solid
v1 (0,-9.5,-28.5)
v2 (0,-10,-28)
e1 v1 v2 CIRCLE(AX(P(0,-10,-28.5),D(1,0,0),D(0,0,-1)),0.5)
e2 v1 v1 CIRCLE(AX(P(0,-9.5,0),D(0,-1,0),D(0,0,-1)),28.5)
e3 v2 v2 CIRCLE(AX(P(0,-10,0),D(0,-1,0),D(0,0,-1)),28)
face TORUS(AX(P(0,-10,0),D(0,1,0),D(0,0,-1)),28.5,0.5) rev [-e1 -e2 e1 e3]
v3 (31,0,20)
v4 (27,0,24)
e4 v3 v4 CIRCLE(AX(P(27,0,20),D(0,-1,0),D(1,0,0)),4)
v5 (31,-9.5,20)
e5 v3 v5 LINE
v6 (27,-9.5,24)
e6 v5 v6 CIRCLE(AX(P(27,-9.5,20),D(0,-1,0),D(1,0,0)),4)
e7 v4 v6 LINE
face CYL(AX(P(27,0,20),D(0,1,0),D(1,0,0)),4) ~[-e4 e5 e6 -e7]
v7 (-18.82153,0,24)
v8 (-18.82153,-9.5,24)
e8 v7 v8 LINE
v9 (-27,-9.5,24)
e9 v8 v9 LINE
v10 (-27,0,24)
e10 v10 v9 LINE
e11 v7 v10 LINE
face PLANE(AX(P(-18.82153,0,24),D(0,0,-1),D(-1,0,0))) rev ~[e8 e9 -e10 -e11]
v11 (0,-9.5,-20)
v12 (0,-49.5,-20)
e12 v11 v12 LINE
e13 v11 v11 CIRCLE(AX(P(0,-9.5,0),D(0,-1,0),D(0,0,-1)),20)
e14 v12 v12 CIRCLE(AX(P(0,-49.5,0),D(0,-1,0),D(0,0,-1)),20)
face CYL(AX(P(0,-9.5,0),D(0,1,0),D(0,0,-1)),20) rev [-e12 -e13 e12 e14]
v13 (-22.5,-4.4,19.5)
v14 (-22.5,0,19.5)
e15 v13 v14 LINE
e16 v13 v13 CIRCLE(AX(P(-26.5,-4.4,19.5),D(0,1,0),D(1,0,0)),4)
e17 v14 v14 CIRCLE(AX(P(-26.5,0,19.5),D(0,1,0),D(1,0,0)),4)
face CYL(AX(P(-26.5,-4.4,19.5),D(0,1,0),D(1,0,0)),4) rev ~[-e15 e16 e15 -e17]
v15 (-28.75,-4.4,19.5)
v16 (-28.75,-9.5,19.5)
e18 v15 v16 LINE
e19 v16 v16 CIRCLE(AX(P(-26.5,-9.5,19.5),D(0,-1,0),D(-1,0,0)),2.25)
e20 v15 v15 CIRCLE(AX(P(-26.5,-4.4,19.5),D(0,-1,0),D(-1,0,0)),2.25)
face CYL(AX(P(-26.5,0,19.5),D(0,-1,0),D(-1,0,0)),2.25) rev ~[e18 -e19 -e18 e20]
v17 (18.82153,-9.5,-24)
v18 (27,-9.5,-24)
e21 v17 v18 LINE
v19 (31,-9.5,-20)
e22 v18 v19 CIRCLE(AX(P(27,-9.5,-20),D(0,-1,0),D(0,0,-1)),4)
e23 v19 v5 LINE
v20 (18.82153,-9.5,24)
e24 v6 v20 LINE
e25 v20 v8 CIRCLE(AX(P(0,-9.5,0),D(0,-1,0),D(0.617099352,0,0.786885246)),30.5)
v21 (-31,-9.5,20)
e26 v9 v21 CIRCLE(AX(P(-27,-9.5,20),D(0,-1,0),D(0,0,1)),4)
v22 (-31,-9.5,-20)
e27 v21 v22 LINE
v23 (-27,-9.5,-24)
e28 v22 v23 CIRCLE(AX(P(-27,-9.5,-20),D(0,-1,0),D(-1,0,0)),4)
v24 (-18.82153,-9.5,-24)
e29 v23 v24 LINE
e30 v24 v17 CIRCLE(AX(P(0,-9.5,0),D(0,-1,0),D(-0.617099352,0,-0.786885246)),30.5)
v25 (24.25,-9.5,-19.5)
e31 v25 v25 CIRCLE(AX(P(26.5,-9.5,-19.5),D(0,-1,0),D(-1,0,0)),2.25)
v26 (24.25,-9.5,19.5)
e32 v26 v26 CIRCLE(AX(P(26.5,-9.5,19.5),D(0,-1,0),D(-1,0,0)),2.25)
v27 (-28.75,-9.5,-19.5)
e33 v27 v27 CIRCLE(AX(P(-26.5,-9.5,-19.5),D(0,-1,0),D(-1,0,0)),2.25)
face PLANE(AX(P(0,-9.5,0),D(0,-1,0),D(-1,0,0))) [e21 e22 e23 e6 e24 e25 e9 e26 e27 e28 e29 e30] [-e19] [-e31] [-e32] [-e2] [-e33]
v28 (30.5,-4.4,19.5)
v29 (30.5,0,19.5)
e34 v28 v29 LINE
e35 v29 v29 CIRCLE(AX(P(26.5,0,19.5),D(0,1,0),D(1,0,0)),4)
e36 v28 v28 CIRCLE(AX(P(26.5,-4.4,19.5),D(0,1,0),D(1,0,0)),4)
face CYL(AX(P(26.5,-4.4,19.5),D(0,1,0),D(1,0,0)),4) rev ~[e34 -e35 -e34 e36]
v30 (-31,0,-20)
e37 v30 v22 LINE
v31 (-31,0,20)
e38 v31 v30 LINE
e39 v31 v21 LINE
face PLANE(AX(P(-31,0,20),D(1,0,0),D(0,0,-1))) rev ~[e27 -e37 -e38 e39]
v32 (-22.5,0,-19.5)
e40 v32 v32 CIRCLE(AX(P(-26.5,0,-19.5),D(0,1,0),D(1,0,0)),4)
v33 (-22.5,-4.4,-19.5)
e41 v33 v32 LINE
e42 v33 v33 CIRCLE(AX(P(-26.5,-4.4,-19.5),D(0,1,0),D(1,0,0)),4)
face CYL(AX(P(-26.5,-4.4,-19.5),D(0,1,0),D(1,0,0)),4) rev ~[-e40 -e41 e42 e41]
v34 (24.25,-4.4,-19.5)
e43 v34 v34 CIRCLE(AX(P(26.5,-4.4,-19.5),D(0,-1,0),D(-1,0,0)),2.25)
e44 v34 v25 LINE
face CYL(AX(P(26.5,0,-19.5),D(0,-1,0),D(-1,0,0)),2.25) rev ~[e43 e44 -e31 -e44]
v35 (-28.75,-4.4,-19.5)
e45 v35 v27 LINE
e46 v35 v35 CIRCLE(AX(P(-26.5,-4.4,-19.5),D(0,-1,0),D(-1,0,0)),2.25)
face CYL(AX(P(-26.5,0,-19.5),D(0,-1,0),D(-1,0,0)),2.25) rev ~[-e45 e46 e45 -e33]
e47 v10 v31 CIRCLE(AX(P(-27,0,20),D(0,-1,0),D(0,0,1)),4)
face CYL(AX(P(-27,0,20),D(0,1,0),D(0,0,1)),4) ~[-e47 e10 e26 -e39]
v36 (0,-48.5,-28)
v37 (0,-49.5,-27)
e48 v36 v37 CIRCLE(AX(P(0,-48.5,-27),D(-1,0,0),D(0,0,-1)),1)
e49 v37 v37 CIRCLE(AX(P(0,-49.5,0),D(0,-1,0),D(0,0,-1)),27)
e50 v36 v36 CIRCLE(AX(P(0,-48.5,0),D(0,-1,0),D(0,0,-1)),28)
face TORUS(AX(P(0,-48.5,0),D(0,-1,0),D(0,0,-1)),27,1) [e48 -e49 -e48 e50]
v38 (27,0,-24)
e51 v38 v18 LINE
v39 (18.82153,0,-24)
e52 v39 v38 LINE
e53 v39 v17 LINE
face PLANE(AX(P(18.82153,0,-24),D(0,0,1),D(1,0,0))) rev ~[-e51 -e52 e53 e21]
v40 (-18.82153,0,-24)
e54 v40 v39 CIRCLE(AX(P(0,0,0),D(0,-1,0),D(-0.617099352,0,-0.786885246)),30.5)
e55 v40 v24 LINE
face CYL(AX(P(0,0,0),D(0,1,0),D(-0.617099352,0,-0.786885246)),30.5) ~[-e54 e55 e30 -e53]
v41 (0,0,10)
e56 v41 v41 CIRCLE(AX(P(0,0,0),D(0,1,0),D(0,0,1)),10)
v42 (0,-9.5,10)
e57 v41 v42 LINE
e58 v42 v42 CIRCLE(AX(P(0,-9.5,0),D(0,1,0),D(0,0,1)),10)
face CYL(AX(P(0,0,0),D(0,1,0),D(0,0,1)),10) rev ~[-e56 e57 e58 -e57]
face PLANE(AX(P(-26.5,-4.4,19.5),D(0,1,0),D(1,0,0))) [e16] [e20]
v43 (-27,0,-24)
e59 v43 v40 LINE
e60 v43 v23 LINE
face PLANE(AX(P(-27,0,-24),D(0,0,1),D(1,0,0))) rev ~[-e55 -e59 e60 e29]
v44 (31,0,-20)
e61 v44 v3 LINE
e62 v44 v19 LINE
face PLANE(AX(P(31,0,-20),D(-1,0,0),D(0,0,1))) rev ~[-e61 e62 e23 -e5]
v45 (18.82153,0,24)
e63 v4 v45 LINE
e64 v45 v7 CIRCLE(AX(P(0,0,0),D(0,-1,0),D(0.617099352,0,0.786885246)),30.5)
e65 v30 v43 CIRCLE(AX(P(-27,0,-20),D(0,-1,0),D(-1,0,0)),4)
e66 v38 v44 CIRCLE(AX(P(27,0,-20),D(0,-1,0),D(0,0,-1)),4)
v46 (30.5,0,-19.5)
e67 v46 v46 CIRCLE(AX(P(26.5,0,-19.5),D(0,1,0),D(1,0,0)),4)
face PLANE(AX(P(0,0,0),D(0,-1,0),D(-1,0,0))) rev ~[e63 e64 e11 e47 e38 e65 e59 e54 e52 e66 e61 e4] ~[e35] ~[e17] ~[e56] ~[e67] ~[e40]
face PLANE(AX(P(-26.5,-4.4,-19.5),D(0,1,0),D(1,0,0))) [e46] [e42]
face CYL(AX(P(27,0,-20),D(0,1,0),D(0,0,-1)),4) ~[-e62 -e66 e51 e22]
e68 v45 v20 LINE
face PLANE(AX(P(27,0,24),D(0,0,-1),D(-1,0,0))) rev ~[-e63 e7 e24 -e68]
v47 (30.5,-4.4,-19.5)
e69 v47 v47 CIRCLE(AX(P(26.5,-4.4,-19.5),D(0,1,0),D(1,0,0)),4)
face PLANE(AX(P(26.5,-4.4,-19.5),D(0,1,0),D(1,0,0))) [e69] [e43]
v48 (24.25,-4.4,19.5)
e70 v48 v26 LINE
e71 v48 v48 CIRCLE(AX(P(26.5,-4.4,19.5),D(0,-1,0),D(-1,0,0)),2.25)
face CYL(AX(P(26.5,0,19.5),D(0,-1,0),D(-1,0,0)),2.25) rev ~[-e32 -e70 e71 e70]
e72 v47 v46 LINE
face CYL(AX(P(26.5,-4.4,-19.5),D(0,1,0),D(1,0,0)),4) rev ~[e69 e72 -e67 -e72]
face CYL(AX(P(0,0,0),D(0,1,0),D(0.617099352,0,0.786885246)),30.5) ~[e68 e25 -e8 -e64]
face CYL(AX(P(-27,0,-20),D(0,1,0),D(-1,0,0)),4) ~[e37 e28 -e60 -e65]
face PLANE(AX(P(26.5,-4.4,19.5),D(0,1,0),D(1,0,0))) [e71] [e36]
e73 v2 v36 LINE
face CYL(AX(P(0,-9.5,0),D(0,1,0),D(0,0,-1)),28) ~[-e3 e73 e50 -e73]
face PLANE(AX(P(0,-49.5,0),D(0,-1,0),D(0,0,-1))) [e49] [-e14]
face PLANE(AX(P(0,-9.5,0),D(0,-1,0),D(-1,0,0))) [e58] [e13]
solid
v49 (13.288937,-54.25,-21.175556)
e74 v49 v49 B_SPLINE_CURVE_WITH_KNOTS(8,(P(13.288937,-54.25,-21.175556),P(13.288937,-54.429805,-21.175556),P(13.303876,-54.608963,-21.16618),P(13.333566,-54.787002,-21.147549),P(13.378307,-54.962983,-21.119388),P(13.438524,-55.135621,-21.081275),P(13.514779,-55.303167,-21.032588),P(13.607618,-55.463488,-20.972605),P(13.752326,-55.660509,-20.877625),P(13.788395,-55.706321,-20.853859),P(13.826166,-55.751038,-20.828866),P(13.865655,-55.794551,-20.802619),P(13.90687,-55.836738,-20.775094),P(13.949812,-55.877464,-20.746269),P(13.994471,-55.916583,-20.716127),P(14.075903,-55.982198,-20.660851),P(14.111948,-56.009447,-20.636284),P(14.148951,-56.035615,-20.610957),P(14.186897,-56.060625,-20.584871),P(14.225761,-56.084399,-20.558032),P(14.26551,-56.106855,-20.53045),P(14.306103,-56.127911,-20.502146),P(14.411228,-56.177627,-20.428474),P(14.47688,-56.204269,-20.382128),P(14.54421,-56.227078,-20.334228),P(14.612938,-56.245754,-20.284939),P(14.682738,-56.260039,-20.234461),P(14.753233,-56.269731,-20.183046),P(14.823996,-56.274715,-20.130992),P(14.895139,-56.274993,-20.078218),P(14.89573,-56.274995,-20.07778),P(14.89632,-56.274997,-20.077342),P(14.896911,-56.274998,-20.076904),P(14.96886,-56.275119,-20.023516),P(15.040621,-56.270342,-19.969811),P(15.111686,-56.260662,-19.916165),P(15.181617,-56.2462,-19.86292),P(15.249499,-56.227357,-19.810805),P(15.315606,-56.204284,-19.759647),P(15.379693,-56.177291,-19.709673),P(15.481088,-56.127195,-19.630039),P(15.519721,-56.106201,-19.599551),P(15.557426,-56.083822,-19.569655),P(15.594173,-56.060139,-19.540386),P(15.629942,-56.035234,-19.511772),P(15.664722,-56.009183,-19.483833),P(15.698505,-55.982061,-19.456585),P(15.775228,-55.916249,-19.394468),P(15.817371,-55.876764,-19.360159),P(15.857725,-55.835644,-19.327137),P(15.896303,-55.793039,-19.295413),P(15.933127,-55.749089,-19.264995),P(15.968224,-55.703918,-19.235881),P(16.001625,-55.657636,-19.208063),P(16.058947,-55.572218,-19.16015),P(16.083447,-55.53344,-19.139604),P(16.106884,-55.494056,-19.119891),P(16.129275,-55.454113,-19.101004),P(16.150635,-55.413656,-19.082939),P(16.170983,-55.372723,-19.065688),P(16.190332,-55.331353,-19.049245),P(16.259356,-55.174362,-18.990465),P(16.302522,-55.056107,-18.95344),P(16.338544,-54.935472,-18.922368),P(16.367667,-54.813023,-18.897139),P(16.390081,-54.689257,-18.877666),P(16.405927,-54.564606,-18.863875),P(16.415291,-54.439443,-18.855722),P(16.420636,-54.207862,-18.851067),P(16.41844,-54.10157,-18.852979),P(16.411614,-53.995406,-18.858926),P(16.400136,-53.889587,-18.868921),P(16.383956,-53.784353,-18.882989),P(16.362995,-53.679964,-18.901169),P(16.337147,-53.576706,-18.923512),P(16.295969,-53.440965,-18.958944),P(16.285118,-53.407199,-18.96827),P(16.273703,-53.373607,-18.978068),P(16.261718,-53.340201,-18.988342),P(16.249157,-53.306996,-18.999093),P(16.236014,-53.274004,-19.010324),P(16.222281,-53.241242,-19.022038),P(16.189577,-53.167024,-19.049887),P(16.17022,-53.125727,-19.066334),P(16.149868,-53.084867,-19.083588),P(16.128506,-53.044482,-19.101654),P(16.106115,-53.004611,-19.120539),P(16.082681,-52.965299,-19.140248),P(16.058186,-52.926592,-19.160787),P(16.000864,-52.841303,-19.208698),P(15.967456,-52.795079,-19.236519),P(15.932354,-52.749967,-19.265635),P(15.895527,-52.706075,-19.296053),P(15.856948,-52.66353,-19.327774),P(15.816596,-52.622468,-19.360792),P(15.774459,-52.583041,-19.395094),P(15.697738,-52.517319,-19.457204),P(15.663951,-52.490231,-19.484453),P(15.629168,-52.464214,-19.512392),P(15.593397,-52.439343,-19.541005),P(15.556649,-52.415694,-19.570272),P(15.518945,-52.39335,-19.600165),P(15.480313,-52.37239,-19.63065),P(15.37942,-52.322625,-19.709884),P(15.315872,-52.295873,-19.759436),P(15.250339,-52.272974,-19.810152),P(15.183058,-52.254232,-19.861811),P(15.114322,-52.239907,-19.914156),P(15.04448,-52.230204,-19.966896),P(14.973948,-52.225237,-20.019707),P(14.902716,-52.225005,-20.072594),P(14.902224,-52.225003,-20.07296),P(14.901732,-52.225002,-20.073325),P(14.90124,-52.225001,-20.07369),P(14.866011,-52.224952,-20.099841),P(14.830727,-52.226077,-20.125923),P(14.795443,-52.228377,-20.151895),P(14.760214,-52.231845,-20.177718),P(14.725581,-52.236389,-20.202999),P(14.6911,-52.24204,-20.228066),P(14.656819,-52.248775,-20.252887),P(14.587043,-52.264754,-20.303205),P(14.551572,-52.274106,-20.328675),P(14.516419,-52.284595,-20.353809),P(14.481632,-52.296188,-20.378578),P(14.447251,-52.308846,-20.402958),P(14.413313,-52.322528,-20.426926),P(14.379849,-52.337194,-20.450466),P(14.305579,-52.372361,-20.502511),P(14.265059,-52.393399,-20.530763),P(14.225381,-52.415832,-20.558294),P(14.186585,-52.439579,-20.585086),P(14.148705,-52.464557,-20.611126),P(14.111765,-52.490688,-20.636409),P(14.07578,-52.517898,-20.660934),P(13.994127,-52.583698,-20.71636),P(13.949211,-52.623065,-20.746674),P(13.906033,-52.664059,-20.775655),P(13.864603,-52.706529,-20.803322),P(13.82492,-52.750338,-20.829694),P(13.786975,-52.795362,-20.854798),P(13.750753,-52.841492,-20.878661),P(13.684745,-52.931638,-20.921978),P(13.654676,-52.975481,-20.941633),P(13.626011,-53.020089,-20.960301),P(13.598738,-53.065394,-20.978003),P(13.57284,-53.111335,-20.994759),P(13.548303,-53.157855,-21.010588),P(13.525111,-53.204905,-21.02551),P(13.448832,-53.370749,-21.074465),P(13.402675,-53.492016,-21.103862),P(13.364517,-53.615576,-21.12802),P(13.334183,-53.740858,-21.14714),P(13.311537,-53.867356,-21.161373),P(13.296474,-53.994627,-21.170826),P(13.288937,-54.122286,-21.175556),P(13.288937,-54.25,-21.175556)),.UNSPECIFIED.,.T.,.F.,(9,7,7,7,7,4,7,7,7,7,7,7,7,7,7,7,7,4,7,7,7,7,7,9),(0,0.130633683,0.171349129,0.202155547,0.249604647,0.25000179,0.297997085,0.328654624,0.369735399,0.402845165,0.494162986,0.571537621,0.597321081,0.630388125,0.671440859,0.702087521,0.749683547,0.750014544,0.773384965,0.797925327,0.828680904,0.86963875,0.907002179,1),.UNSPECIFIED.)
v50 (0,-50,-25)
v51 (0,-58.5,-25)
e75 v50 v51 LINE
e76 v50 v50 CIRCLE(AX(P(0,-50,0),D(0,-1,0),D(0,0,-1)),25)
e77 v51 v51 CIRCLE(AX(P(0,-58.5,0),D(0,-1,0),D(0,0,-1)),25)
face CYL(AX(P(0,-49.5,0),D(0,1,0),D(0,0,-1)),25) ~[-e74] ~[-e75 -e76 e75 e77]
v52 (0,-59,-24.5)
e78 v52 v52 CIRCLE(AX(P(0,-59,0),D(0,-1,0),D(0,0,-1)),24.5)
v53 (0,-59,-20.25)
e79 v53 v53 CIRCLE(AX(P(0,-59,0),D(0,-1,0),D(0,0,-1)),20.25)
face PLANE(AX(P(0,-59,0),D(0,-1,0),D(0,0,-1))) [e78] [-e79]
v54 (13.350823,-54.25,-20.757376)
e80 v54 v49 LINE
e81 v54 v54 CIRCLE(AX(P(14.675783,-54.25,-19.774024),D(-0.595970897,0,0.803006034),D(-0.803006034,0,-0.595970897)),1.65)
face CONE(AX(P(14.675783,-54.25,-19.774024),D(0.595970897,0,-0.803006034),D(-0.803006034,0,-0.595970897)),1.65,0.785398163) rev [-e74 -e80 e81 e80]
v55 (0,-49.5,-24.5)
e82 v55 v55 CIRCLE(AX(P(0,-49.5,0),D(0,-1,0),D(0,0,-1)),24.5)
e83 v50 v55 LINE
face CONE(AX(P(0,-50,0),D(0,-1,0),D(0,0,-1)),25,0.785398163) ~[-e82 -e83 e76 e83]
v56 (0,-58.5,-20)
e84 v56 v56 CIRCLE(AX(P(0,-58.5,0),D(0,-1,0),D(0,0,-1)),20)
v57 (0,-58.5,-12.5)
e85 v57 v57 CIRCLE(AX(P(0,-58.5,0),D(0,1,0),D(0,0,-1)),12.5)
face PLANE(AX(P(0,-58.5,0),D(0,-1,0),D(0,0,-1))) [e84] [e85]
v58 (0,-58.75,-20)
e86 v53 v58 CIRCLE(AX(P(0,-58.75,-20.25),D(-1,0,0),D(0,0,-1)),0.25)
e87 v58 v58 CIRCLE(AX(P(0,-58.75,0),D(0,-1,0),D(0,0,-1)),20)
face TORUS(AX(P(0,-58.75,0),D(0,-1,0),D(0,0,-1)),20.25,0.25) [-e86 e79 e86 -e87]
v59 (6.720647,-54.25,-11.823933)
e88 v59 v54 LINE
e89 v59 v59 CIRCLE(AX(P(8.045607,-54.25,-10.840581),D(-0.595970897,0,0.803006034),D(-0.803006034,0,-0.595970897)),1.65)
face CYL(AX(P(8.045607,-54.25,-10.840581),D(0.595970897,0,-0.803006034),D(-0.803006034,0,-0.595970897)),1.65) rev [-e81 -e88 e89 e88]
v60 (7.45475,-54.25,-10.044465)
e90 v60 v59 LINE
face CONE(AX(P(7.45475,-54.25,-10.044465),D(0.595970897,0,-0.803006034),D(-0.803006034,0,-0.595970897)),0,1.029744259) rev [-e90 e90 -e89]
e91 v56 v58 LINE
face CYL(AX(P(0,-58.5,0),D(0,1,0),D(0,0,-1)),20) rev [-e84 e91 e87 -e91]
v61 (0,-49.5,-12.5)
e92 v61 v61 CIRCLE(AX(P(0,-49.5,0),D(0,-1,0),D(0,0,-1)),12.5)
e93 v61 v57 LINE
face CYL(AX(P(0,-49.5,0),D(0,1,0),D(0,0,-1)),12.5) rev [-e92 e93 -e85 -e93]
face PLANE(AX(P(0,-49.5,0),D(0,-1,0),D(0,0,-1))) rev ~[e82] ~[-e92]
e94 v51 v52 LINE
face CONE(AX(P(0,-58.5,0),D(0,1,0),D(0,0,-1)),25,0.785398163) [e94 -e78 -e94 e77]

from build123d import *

# Parameters (mm, degrees)
SKICA1_R                                         = 10
P_IDAT_VYSUNUT_M1_DEPTH                          = 9.5
V_LCOV_ZAHLOUBEN_PRO_M4_ROUBY_S_VNIT_D           = 4.5
V_LCOV_ZAHLOUBEN_PRO_M4_ROUBY_S_VNIT_CBORE_D     = 8
V_LCOV_ZAHLOUBEN_PRO_M4_ROUBY_S_VNIT_CBORE_DEPTH = 4.4
LINPOLE1_COUNT                                   = 2
LINPOLE1_PITCH                                   = 53
LINPOLE1_COUNT_DIR2                              = 2
LINPOLE1_PITCH_DIR2                              = 39
SKICA4_R                                         = 28
SKICA4_R_2                                       = 20
P_IDAT_VYSUNUT_M2_DEPTH                          = 40
ZAOBLIT1_R                                       = 0.5
SKICA5_R                                         = 25
SKICA5_R_2                                       = 12.5
P_IDAT_VYSUNUT_M3_DEPTH                          = 9.5
ZAOBLIT2_R                                       = 1
ZKOSEN_1_SIZE                                    = 0.5
ODEBRAT_START                                    = -0.5
SKICA7_R                                         = 20
ODEBRAT_VYSUNUT_M1_DEPTH                         = 0.5
ZAOBLIT3_R                                       = 0.25


with BuildPart() as part:
    # Skica1 → Přidat vysunutím1 (new body)
    with BuildSketch(Plane(origin=(0, 0, 0), x_dir=(1, 0, 0), z_dir=(0, 1, 0))):
        with BuildLine():
            Line((-27, 24), (-18.821530225, 24))
            ThreePointArc((-18.821530225, 24), (0, 30.5), (18.821530225, 24))
            Line((18.821530225, 24), (27, 24))
            ThreePointArc((27, 24), (29.828427125, 22.828427125), (31, 20))
            Line((31, 20), (31, -20))
            ThreePointArc((31, -20), (29.828427125, -22.828427125), (27, -24))
            Line((27, -24), (18.821530225, -24))
            ThreePointArc((18.821530225, -24), (0, -30.5), (-18.821530225, -24))
            Line((-18.821530225, -24), (-27, -24))
            ThreePointArc((-27, -24), (-29.828427125, -22.828427125), (-31, -20))
            Line((-31, -20), (-31, 20))
            ThreePointArc((-31, 20), (-29.828427125, 22.828427125), (-27, 24))
        make_face()
        with Locations(Location((0, 0, 0), (0, 0, 270))):
            Circle(SKICA1_R, mode=Mode.SUBTRACT)
    extrude(amount=-P_IDAT_VYSUNUT_M1_DEPTH)

    # Válcové zahloubení pro M4 šrouby s vnitřním šestihranem1 (through all)
    with Locations(Plane(origin=(0, 0, 0), x_dir=(1, 0, 0), z_dir=(0, 1, 0))):
        with Locations((26.5, -19.5)):
            v_lcov_zahlouben_pro_m4_rouby_s_vnit = CounterBoreHole(V_LCOV_ZAHLOUBEN_PRO_M4_ROUBY_S_VNIT_D / 2, V_LCOV_ZAHLOUBEN_PRO_M4_ROUBY_S_VNIT_CBORE_D / 2, V_LCOV_ZAHLOUBEN_PRO_M4_ROUBY_S_VNIT_CBORE_DEPTH)

    # LinPole1: V_lcov_ zahlouben_ pro M4 _rouby s vnit 2 × 2
    with Locations(*[(-i * LINPOLE1_PITCH, 0, -j * LINPOLE1_PITCH_DIR2) for i in range(LINPOLE1_COUNT) for j in range(LINPOLE1_COUNT_DIR2) if (i, j) != (0, 0)]):
        add(v_lcov_zahlouben_pro_m4_rouby_s_vnit, mode=Mode.SUBTRACT)

    # Skica4 → Přidat vysunutím2 (add)
    with BuildSketch(Plane.XZ.offset(9.5)):
        with Locations(Location((0, 0, 0), (0, 0, 270))):
            Circle(SKICA4_R)
        with Locations(Location((0, 0, 0), (0, 0, 270))):
            Circle(SKICA4_R_2, mode=Mode.SUBTRACT)
    extrude(amount=P_IDAT_VYSUNUT_M2_DEPTH)

    # Zaoblit1
    zaoblit1_edges = [part.edges().sort_by_distance(p)[0] for p in [
        (0, -9.5, 28),
    ]]
    fillet(zaoblit1_edges, radius=ZAOBLIT1_R)

    # Zaoblit2
    zaoblit2_edges = [part.edges().sort_by_distance(p)[0] for p in [
        (0, -49.5, 28),
    ]]
    fillet(zaoblit2_edges, radius=ZAOBLIT2_R)


with BuildPart() as body_2:
    # Skica5 → Přidat vysunutím3 (new body)
    with BuildSketch(Plane.XZ.offset(49.5)):
        with Locations(Location((0, 0, 0), (0, 0, 270))):
            Circle(SKICA5_R)
        with Locations(Location((0, 0, 0), (0, 0, 270))):
            Circle(SKICA5_R_2, mode=Mode.SUBTRACT)
    extrude(amount=P_IDAT_VYSUNUT_M3_DEPTH)

    # Zkosení1
    zkosen_1_edges = [body_2.edges().sort_by_distance(p)[0] for p in [
        (0, -49.5, 25),
        (0, -59, 25),
    ]]
    chamfer(zkosen_1_edges, length=ZKOSEN_1_SIZE)

    # Skica6 → M4 závit1 (revolve, cut)
    with BuildSketch(Plane(origin=(14.89927242, -54.25, -20.075150843), x_dir=(-0.80300603370129, 0, -0.5959708968056434), z_dir=(0, 1, 0))):
        Polygon((0, 0), (0, 12.491420021), (1.65, 11.5), (1.65, 0.375), (2.025, 0), align=None)
    revolve(axis=Axis((18.683687615, -54.25, -25.174239157), (-0.5959708968056434, 0, 0.80300603370129)), mode=Mode.SUBTRACT)

    # Skica7 → Odebrat vysunutím1 (cut)
    with BuildSketch(Plane.XZ.offset(59).offset(ODEBRAT_START)):
        with Locations(Location((0, 0, 0), (0, 0, 270))):
            Circle(SKICA7_R)
    extrude(amount=ODEBRAT_VYSUNUT_M1_DEPTH, mode=Mode.SUBTRACT)

    # Zaoblit3
    zaoblit3_edges = [body_2.edges().sort_by_distance(p)[0] for p in [
        (0, -59, 20),
    ]]
    fillet(zaoblit3_edges, radius=ZAOBLIT3_R)


solid = Compound([part.part, body_2.part])
